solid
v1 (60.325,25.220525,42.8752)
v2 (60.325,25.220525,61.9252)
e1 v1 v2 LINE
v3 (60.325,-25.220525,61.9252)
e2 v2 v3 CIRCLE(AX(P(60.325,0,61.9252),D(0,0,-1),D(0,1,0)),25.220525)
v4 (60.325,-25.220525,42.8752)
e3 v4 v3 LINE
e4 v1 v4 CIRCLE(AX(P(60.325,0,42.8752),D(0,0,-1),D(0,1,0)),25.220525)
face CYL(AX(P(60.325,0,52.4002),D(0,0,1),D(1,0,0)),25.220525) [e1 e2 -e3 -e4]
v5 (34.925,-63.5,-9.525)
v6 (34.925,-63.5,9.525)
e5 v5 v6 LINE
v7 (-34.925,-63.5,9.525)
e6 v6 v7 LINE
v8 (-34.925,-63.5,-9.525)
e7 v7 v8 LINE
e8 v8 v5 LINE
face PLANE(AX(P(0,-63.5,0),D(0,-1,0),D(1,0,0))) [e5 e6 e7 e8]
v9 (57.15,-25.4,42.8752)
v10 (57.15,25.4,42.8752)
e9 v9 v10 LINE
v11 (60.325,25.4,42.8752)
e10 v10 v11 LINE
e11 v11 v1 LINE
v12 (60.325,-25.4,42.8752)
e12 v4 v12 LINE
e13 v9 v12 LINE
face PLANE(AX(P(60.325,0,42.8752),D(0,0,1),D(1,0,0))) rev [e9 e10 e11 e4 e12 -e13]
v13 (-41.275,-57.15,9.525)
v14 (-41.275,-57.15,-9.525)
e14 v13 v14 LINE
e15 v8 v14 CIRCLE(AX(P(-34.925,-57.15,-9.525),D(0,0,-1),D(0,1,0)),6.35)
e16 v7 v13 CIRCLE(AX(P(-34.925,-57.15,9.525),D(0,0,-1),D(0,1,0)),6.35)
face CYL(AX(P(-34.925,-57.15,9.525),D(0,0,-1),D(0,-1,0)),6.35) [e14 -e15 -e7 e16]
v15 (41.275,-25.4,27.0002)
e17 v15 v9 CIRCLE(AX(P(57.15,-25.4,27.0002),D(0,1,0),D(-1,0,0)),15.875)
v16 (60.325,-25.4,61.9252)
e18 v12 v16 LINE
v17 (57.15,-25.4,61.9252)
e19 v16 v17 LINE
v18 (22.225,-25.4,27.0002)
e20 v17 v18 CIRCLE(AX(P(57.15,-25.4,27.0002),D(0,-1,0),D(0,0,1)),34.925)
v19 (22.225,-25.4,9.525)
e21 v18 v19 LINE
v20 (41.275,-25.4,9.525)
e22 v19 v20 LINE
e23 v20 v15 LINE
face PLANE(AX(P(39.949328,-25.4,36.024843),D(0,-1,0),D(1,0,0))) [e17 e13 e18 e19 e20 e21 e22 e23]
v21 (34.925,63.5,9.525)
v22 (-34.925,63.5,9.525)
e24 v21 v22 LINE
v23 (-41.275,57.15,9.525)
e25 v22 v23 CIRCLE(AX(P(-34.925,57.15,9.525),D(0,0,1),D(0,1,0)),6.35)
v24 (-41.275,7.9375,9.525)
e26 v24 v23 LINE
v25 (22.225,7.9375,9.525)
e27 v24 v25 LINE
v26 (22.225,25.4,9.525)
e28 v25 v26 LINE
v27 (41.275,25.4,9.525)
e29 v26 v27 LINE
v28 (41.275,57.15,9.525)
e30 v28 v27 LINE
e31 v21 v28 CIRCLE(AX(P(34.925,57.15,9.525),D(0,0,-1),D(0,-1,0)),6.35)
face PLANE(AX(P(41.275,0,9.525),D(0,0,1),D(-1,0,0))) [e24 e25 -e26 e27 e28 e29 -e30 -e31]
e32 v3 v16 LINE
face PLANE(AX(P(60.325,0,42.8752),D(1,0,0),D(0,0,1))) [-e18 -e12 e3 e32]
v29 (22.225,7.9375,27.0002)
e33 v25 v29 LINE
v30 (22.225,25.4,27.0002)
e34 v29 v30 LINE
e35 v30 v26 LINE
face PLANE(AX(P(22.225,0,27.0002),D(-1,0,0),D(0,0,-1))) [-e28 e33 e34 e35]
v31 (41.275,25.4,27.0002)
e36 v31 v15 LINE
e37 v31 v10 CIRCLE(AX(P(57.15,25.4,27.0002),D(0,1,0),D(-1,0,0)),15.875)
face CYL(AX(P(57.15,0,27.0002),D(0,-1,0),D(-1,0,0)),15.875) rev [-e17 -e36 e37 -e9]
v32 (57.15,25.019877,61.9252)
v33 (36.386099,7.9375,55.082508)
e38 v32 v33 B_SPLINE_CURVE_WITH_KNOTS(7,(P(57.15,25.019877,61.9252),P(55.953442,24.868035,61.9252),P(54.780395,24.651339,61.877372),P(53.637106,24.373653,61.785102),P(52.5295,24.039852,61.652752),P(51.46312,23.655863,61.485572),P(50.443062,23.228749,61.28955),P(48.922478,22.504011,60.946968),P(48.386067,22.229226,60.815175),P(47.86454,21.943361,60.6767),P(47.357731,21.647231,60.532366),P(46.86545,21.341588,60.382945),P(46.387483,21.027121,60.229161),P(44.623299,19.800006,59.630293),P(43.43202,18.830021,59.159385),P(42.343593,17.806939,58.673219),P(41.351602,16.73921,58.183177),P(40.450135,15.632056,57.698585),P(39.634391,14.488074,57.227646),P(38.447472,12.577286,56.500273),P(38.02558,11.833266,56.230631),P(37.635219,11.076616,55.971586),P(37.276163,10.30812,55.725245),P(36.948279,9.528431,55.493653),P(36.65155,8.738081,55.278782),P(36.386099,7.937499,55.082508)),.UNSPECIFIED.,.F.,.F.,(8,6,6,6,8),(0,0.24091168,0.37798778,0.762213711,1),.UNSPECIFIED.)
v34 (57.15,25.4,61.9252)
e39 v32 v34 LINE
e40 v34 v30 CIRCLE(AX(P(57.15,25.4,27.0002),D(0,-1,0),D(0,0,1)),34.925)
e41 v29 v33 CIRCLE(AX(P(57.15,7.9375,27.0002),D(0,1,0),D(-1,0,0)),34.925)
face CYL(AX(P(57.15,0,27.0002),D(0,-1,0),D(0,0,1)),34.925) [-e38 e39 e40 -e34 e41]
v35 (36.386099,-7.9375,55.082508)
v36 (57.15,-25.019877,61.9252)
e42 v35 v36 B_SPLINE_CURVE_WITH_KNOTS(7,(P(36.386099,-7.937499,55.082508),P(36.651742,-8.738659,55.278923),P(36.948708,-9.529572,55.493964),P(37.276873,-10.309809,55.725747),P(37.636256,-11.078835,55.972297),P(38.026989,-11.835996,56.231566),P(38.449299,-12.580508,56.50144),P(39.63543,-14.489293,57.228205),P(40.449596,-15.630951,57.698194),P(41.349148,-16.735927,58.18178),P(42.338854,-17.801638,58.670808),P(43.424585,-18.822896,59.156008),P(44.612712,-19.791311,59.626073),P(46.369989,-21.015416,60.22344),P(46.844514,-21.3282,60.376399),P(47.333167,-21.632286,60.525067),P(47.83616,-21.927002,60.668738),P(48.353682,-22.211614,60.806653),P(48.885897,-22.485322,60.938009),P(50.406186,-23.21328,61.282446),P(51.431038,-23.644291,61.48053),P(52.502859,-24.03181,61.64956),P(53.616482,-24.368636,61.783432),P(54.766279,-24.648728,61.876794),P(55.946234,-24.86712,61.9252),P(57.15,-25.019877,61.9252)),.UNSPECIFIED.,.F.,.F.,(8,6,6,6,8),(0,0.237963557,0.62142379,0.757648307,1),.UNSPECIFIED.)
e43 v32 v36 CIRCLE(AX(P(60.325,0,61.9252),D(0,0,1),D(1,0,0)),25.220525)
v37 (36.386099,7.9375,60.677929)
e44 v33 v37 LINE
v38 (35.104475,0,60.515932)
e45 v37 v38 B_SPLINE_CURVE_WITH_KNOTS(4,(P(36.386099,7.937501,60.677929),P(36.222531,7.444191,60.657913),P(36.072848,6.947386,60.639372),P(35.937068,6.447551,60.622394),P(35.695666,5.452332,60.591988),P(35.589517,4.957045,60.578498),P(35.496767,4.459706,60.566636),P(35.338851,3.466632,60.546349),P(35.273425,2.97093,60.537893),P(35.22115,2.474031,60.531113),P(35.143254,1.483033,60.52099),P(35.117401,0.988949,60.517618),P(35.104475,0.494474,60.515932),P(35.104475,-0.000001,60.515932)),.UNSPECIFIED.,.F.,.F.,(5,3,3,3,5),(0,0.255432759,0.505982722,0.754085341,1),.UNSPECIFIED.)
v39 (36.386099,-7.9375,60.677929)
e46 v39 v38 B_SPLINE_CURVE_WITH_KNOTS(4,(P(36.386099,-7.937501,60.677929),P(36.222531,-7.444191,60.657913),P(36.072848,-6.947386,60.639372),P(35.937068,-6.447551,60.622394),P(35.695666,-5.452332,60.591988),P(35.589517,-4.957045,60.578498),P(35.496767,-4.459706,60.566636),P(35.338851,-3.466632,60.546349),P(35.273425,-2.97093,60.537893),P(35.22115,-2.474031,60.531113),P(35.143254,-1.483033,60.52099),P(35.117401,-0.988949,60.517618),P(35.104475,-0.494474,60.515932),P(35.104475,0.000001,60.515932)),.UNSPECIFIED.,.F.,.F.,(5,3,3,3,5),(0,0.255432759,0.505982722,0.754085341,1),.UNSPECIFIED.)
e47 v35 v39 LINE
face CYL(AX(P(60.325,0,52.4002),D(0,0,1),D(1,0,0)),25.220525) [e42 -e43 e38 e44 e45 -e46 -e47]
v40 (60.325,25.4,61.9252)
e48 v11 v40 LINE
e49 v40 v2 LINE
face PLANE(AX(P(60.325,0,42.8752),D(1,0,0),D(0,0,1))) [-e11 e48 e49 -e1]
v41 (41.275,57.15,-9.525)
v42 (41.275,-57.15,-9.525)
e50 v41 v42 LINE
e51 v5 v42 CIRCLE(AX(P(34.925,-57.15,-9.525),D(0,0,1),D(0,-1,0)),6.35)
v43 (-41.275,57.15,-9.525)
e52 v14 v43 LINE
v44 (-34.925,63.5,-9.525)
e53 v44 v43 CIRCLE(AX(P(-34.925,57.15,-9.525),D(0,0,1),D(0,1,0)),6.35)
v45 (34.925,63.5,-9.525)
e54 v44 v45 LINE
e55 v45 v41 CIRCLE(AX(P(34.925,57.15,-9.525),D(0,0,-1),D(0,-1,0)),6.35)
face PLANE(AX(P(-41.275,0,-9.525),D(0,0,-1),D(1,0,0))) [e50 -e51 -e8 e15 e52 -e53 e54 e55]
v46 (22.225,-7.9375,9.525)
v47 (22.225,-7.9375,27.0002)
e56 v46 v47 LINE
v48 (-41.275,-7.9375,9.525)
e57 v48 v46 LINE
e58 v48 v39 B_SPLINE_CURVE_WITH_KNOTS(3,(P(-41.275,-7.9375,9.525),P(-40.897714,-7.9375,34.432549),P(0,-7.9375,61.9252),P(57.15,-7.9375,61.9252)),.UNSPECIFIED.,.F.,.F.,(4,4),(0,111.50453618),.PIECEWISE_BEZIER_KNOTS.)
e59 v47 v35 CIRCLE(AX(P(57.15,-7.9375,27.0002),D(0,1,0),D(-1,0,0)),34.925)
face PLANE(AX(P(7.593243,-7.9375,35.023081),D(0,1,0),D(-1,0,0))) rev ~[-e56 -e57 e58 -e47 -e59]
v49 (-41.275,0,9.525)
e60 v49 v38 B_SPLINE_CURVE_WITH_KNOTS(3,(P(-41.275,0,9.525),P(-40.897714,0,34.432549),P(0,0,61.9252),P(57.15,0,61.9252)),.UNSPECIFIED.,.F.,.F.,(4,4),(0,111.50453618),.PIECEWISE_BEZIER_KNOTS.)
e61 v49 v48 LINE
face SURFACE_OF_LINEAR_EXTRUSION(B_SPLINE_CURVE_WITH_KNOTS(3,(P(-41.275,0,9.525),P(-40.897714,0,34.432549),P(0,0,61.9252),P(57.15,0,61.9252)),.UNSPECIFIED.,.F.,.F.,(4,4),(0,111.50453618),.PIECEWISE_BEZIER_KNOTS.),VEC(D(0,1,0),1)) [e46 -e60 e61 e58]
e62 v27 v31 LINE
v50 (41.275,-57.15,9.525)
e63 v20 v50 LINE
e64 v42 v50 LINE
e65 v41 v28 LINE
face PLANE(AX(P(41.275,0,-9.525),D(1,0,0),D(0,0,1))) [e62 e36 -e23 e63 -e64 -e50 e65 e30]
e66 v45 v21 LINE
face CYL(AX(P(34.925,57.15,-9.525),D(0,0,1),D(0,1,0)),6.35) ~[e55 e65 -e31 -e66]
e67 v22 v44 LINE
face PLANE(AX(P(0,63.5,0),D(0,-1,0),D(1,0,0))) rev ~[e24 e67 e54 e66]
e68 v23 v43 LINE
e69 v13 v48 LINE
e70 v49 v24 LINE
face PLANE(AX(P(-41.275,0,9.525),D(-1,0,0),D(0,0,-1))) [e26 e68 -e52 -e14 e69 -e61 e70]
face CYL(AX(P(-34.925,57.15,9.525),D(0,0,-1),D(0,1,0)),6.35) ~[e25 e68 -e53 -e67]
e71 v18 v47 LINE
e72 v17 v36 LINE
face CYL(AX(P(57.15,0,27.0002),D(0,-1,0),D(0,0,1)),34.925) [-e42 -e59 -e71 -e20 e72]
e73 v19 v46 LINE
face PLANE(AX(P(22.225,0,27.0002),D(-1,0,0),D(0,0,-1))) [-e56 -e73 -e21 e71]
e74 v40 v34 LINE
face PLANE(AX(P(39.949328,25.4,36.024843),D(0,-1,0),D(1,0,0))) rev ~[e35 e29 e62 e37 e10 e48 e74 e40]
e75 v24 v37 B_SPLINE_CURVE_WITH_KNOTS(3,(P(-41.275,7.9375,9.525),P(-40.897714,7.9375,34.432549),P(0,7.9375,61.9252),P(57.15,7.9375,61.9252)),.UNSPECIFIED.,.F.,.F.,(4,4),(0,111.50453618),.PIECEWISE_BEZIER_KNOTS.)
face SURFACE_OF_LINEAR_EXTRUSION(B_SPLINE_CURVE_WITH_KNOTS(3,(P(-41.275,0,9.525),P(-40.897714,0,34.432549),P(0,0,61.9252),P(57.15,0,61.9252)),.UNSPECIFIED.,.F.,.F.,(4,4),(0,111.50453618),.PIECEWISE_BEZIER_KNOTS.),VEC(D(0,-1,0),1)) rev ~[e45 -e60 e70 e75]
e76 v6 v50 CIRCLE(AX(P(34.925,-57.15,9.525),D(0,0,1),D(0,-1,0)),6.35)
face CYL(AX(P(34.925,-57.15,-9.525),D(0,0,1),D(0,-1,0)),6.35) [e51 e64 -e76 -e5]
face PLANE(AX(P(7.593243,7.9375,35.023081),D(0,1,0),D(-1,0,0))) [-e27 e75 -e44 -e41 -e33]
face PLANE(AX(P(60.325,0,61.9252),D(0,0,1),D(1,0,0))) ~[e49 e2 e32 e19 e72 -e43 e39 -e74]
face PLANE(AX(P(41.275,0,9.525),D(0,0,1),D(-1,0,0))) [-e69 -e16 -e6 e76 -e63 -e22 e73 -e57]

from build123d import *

# Parameters (mm, degrees)
F1_DEPTH = 63.5
F2_DEPTH = 25.4
F3_DEPTH = 7.9375
F0_W     = 25.2205249548
F0_H     = 19.0500000358
F5_R     = 6.35


with BuildPart() as f1:
    # F0 (on Front) → F1 (new body, symmetric)
    with BuildSketch(Plane.XZ):
        Polygon((-41.275, -9.525), (41.275, -9.525), (41.275, 9.525), (22.2249999642, 9.525), (-41.275, 9.525), align=None)
    extrude(amount=F1_DEPTH, both=True)

    # F0 (on Front) → F2 (join, symmetric)
    with BuildSketch(Plane.XZ):
        with BuildLine():
            Line((22.2249999642, 9.525), (41.275, 9.525))
            Line((41.275, 9.525), (41.275, 27.0002))
            ThreePointArc((41.275, 27.0002), (45.9246798487, 38.2255201513), (57.15, 42.8752))
            Line((57.15, 42.8752), (60.325, 42.8752))
            Line((60.325, 42.8752), (60.325, 61.9252000358))
            Line((60.325, 61.9252000358), (57.15, 61.9252000358))
            ThreePointArc((57.15, 61.9252000358), (32.4542956418, 51.6959043582), (22.2249999642, 27.0002))
            Line((22.2249999642, 27.0002), (22.2249999642, 9.525))
        make_face()
    extrude(amount=F2_DEPTH, both=True)

    # F0 (on Front) → F3 (join, symmetric)
    with BuildSketch(Plane.XZ):
        with BuildLine():
            add(Edge.make_bspline(
                [(-41.275, 9.525), (-40.8977142173, 34.432549157), (0, 61.9252000358), (57.15, 61.9252000358)],
                knots=[0, 0, 0, 0, 111.5045361803, 111.5045361803, 111.5045361803, 111.5045361803], degree=3))
            Line((-41.275, 9.525), (22.2249999642, 9.525))
            Line((22.2249999642, 9.525), (22.2249999642, 27.0002))
            ThreePointArc((22.2249999642, 27.0002), (32.4542956418, 51.6959043582), (57.15, 61.9252000358))
        make_face()
    extrude(amount=F3_DEPTH, both=True)

    # F0 (on Front) → F4 (revolve)
    with BuildSketch(Plane.XZ):
        with Locations((72.9352624774, 52.4002000179)):
            Rectangle(F0_W, F0_H)
    revolve(axis=Axis((60.325, 0, 52.3875), (0, 0, 1)))

    # F5
    f5_edges = [f1.edges().sort_by_distance(p)[0] for p in [
        (41.275, -63.5, 0),
        (-41.275, -63.5, 0),
        (41.275, 63.5, 0),
        (-41.275, 63.5, 0),
    ]]
    fillet(f5_edges, radius=F5_R)


solid = f1.part
